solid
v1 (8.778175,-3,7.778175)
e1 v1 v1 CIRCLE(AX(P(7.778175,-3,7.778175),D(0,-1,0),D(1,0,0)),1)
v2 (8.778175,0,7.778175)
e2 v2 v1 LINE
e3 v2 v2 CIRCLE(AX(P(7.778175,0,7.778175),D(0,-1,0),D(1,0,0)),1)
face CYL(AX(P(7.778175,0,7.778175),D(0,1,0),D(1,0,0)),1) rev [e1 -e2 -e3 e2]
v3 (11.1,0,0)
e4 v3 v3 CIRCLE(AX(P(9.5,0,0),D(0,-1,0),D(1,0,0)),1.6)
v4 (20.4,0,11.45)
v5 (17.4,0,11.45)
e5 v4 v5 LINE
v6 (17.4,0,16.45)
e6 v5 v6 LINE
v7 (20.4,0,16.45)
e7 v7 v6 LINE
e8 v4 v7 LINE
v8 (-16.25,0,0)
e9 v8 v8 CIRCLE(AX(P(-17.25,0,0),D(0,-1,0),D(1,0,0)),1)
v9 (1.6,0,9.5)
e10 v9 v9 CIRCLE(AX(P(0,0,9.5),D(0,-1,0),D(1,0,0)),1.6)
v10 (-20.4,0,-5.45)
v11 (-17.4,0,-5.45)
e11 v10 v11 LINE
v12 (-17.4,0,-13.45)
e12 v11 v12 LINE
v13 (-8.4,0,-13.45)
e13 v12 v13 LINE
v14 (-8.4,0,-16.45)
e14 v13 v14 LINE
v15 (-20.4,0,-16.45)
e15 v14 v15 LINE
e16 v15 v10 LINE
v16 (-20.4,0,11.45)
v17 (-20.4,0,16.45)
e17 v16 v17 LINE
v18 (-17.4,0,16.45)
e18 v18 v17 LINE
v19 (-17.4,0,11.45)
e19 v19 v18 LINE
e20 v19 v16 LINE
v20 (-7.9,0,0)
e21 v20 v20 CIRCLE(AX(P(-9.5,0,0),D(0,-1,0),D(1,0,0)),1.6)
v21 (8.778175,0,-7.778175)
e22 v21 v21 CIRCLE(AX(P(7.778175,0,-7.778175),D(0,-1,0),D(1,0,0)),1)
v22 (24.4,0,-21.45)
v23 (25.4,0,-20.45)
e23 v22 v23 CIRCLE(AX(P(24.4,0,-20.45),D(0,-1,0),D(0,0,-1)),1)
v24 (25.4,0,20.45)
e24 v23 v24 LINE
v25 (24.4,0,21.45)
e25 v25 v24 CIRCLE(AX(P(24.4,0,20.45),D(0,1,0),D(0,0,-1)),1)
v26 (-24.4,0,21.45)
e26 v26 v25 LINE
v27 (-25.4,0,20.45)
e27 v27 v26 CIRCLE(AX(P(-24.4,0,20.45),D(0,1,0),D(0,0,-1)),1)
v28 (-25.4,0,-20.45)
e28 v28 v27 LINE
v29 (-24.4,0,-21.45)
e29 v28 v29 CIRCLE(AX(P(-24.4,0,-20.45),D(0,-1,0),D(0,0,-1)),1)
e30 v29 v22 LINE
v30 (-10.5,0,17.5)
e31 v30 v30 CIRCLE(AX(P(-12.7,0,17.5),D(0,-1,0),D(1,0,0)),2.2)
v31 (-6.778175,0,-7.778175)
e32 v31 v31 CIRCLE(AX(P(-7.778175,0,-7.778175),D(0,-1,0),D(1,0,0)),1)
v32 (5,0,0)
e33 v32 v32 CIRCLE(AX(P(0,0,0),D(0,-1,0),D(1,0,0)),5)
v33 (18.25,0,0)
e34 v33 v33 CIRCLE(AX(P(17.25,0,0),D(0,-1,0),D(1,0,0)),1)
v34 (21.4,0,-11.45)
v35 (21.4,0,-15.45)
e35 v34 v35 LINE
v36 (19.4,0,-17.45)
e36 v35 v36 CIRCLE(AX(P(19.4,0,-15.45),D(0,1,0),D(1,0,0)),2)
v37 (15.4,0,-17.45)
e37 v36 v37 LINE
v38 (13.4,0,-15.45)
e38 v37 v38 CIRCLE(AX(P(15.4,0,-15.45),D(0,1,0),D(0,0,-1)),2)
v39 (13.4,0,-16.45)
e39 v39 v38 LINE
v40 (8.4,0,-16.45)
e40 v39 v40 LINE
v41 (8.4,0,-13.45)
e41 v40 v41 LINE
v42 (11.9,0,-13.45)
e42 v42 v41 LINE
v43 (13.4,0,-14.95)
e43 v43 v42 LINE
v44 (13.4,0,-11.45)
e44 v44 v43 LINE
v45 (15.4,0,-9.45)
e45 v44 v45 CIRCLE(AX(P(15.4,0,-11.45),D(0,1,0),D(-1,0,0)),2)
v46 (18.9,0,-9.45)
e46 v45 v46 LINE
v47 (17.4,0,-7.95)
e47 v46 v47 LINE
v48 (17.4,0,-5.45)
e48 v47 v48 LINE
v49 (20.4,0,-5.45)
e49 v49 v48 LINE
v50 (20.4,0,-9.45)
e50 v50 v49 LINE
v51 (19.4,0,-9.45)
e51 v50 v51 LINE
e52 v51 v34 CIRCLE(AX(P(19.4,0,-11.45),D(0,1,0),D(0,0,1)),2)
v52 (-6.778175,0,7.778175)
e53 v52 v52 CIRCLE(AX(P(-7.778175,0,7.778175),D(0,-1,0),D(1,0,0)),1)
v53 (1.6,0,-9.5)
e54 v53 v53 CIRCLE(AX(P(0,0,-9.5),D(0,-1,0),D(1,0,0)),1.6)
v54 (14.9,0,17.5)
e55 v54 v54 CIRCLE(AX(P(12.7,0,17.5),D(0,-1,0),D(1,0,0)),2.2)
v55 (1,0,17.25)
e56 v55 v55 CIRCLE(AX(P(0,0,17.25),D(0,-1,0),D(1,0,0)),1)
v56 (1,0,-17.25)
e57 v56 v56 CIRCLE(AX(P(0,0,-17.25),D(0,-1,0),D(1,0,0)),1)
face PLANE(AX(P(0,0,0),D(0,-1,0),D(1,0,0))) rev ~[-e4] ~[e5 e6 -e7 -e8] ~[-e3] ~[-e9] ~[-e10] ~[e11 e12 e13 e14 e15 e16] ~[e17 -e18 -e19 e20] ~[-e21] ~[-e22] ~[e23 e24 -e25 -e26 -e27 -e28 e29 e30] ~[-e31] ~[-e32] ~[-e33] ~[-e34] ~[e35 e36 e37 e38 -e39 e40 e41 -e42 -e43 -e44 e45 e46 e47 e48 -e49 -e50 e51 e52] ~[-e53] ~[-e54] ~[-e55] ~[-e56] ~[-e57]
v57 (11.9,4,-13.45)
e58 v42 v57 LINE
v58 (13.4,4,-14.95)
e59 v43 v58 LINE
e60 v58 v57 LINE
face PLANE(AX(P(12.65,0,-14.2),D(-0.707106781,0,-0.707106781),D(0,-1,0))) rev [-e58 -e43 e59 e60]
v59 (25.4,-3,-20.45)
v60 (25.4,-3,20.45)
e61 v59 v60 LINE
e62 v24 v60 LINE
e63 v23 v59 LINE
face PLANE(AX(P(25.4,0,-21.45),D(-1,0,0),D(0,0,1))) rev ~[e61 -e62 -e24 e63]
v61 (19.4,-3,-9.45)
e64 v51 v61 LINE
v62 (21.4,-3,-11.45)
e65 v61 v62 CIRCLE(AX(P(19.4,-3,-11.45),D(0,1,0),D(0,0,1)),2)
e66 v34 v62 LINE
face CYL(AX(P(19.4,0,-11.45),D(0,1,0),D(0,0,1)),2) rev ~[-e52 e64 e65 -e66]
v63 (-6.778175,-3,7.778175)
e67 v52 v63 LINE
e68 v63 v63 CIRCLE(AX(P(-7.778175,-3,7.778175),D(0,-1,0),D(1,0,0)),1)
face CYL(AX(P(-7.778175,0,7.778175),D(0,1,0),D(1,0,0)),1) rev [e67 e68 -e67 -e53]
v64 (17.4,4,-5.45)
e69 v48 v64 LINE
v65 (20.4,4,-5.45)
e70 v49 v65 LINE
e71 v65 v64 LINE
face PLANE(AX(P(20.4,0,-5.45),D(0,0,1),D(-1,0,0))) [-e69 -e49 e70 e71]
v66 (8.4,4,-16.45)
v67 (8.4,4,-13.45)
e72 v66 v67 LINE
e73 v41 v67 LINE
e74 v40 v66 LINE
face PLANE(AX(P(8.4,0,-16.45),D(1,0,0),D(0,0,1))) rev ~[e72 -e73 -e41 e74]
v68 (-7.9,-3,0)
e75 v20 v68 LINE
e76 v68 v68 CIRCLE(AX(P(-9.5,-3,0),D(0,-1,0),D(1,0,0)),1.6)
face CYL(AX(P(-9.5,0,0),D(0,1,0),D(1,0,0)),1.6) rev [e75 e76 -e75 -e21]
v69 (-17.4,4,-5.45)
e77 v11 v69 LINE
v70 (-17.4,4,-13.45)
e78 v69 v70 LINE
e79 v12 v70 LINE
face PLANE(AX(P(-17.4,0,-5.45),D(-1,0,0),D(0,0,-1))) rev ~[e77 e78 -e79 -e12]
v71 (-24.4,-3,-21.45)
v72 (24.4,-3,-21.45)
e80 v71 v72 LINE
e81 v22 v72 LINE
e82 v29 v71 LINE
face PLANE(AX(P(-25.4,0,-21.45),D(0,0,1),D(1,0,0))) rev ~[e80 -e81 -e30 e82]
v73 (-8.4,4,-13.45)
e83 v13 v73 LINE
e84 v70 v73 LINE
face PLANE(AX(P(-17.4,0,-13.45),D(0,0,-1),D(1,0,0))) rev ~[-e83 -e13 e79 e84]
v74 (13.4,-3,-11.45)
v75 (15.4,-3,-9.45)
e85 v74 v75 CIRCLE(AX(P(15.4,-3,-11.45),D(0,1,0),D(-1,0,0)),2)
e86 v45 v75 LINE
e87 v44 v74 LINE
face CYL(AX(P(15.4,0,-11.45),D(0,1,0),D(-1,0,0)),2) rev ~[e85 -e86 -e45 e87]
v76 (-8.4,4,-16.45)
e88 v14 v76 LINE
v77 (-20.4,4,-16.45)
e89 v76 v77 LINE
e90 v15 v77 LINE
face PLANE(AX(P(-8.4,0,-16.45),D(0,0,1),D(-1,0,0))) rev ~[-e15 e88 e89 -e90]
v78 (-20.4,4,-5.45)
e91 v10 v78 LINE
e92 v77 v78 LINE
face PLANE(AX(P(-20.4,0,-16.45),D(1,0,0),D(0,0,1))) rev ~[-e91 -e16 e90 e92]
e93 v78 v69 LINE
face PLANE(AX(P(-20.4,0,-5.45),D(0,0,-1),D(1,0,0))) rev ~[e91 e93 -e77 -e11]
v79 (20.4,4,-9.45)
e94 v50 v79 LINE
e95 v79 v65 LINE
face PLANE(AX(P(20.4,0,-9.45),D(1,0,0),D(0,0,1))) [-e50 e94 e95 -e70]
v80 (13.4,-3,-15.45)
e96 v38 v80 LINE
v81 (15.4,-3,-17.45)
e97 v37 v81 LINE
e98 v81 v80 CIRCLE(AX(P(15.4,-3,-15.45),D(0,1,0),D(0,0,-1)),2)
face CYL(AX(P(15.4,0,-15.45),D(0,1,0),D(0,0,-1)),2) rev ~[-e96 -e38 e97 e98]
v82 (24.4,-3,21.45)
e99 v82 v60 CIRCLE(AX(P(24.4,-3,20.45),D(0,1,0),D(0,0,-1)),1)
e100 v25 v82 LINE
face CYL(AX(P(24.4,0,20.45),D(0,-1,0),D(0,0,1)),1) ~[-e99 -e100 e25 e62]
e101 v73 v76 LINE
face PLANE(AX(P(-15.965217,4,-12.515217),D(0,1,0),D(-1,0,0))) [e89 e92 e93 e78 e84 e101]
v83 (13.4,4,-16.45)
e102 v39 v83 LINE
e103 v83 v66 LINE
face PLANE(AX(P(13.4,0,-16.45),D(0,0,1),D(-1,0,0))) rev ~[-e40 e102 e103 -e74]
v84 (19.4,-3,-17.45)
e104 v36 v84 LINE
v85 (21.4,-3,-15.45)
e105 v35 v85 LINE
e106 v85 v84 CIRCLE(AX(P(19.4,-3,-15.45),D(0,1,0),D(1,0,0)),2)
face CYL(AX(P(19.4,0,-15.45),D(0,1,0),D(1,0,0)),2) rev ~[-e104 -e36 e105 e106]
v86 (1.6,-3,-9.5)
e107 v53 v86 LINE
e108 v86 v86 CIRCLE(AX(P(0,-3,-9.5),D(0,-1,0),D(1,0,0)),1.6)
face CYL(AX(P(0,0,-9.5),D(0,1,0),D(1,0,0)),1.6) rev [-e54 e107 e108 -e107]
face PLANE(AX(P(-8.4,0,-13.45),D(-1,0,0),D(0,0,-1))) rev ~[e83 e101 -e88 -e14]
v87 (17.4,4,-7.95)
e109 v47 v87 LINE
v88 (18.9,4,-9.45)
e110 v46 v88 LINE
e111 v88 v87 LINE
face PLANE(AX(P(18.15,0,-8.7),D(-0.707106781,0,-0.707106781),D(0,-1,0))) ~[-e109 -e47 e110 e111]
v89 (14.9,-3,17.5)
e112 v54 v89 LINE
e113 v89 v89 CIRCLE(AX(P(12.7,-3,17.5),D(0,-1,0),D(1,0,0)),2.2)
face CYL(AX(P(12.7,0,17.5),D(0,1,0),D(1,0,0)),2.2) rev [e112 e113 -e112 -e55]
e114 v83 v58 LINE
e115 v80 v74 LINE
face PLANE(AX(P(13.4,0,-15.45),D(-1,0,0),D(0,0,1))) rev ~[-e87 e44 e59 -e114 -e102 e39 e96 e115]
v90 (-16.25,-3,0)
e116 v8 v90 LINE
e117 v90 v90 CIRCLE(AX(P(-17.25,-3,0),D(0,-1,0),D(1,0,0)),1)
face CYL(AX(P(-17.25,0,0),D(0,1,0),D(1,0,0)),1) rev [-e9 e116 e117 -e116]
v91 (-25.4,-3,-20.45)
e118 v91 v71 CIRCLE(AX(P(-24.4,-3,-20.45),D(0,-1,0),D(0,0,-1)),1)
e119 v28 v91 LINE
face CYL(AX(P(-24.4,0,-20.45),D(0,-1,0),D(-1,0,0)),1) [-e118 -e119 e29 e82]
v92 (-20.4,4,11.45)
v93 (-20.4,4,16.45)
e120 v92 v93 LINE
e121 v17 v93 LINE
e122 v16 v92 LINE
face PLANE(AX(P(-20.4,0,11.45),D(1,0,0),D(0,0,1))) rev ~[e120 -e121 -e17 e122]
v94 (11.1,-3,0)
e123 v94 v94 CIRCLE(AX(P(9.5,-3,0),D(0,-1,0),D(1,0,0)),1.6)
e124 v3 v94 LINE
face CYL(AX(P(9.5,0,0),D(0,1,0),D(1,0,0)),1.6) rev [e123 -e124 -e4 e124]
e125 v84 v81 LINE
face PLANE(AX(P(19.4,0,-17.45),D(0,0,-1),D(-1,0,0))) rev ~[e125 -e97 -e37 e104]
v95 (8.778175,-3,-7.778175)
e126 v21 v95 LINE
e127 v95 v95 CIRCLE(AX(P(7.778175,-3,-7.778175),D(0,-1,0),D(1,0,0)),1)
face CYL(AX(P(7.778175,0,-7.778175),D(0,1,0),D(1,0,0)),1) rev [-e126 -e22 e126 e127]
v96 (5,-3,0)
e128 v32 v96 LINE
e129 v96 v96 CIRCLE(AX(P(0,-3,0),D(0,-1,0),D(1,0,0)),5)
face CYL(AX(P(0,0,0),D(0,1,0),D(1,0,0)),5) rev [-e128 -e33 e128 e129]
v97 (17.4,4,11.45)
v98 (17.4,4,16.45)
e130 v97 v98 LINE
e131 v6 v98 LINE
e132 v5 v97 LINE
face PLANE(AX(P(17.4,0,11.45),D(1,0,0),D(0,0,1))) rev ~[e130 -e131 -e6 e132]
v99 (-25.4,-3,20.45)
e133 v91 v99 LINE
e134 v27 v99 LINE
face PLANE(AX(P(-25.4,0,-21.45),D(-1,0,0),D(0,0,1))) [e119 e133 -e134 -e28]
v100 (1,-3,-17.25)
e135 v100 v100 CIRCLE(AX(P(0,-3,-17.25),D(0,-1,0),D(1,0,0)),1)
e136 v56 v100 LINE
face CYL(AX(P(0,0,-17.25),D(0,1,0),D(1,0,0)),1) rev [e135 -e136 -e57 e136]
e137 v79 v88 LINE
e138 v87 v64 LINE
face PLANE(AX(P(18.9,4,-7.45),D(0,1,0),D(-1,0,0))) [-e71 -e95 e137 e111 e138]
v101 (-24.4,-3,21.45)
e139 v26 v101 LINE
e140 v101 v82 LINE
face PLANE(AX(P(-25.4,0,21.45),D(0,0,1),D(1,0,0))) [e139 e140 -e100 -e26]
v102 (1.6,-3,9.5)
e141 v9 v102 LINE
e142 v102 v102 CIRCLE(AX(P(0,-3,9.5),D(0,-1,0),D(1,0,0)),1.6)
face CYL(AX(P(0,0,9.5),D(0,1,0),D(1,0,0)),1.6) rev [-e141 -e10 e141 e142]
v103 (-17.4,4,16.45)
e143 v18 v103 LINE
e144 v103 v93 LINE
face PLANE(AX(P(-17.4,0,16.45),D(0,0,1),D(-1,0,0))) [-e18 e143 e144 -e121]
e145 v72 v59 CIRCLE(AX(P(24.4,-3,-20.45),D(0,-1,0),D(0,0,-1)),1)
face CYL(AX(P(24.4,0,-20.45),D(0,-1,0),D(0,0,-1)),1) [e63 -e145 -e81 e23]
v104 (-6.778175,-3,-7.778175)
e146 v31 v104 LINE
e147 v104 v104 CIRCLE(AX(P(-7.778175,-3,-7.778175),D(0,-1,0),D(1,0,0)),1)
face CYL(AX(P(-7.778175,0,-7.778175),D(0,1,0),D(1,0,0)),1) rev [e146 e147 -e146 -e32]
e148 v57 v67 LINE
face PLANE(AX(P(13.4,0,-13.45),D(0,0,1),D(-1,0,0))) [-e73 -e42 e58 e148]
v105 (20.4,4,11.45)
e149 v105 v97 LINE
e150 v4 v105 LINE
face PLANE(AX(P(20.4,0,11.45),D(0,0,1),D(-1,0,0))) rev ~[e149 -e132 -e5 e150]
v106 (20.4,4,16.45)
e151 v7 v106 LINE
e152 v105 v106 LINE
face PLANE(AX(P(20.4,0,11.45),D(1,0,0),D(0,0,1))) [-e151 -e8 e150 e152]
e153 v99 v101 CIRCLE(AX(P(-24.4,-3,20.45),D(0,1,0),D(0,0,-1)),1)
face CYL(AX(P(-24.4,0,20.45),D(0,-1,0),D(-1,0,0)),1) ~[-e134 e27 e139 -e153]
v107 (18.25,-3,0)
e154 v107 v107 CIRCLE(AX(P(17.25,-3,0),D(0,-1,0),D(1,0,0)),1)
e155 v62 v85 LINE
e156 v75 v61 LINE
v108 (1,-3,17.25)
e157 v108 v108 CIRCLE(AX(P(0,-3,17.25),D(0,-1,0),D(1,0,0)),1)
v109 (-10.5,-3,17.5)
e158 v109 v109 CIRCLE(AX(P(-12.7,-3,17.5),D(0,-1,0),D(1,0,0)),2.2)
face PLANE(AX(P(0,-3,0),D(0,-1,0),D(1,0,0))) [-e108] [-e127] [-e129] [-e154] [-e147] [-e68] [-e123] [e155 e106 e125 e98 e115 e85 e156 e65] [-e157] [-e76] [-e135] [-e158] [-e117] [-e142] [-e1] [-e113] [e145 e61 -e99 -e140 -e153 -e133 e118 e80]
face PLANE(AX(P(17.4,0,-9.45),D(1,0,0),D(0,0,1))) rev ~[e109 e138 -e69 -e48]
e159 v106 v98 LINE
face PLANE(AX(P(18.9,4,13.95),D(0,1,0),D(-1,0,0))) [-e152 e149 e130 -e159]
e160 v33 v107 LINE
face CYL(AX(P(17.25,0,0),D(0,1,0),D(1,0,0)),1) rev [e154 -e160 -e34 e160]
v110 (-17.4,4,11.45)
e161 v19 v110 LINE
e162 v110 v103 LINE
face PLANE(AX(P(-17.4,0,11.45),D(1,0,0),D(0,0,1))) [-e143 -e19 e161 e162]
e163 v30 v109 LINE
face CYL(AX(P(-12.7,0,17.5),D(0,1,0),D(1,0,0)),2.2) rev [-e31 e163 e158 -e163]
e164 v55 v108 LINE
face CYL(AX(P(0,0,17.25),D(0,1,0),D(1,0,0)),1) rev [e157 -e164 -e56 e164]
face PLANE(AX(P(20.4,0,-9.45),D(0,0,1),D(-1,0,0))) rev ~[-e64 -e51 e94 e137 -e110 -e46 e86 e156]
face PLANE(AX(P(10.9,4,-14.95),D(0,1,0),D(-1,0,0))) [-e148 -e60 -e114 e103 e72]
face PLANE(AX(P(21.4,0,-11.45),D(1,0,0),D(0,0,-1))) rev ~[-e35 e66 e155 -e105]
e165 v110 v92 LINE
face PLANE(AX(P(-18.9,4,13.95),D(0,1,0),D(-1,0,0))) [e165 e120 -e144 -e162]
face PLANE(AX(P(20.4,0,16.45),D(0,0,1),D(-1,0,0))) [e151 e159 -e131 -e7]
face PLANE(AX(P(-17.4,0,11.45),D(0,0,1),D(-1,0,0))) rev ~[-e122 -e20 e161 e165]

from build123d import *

# Parameters (mm, degrees)
F0_W     = 50.8
F0_H     = 42.9
F0_R     = 1
F0_R_2   = 1.6
F0_R_3   = 5
F0_R_4   = 2.2
F1_DEPTH = 3
F2_R     = 1
F3_W     = 3
F3_H     = 5
F3_H_2   = 4
F3_W_2   = 5
F3_H_3   = 3
F4_DEPTH = 4
F5_SIZE  = 1.5


with BuildPart() as f1:
    # F0 (on Front) → F1 (new body)
    with BuildSketch(Plane.XZ):
        Rectangle(F0_W, F0_H)
        with Locations((0, -17.25)):
            Circle(F0_R, mode=Mode.SUBTRACT)
        with Locations((-7.7781745931, -7.7781745931)):
            Circle(F0_R, mode=Mode.SUBTRACT)
        with Locations((0, -9.5)):
            Circle(F0_R_2, mode=Mode.SUBTRACT)
        with BuildLine():
            ThreePointArc((21.4, -15.45), (20.8142135624, -16.8642135624), (19.4, -17.45))
            Line((19.4, -17.45), (15.4, -17.45))
            ThreePointArc((15.4, -17.45), (13.9857864376, -16.8642135624), (13.4, -15.45))
            Line((13.4, -15.45), (13.4, -11.45))
            ThreePointArc((13.4, -11.45), (13.9857864376, -10.0357864376), (15.4, -9.45))
            Line((15.4, -9.45), (19.4, -9.45))
            ThreePointArc((19.4, -9.45), (20.8142135624, -10.0357864376), (21.4, -11.45))
            Line((21.4, -11.45), (21.4, -15.45))
        make_face(mode=Mode.SUBTRACT)
        with Locations((7.7781745931, -7.7781745931)):
            Circle(F0_R, mode=Mode.SUBTRACT)
        with Locations((-17.25, 0)):
            Circle(F0_R, mode=Mode.SUBTRACT)
        with Locations((-9.5, 0)):
            Circle(F0_R_2, mode=Mode.SUBTRACT)
        Circle(F0_R_3, mode=Mode.SUBTRACT)
        with Locations((-7.7781745931, 7.7781745931)):
            Circle(F0_R, mode=Mode.SUBTRACT)
        with Locations((0, 9.5)):
            Circle(F0_R_2, mode=Mode.SUBTRACT)
        with Locations((-12.7, 17.5)):
            Circle(F0_R_4, mode=Mode.SUBTRACT)
        with Locations((0, 17.25)):
            Circle(F0_R, mode=Mode.SUBTRACT)
        with Locations((9.5, 0)):
            Circle(F0_R_2, mode=Mode.SUBTRACT)
        with Locations((7.7781745931, 7.7781745931)):
            Circle(F0_R, mode=Mode.SUBTRACT)
        with Locations((17.25, 0)):
            Circle(F0_R, mode=Mode.SUBTRACT)
        with Locations((12.7, 17.5)):
            Circle(F0_R_4, mode=Mode.SUBTRACT)
    extrude(amount=F1_DEPTH)

    # F2
    f2_edges = [f1.edges().sort_by_distance(p)[0] for p in [
        (25.4, -1.5, 21.45),
        (25.4, -1.5, -21.45),
        (-25.4, -1.5, -21.45),
        (-25.4, -1.5, 21.45),
    ]]
    fillet(f2_edges, radius=F2_R)

    # F3 (on face) → F4 (join)
    with BuildSketch(Plane(origin=(0, 0, 0), x_dir=(-1, 0, 0), z_dir=(0, 1, 0))):
        with Locations((-18.9, 13.95)):
            Rectangle(F3_W, F3_H)
        with Locations((-18.9, -7.45)):
            Rectangle(F3_W, F3_H_2)
        with Locations((18.9, 13.95)):
            Rectangle(F3_W, F3_H)
        Polygon((20.4, -16.45), (20.4, -5.45), (17.4, -5.45), (17.4, -13.45), (8.4, -13.45), (8.4, -16.45), align=None)
        with Locations((-10.9, -14.95)):
            Rectangle(F3_W_2, F3_H_3)
    extrude(amount=F4_DEPTH)

    # F5
    f5_edges = [f1.edges().sort_by_distance(p)[0] for p in [
        (13.4, 2, -13.45),
        (17.4, 2, -9.45),
    ]]
    chamfer(f5_edges, length=F5_SIZE)


solid = f1.part
